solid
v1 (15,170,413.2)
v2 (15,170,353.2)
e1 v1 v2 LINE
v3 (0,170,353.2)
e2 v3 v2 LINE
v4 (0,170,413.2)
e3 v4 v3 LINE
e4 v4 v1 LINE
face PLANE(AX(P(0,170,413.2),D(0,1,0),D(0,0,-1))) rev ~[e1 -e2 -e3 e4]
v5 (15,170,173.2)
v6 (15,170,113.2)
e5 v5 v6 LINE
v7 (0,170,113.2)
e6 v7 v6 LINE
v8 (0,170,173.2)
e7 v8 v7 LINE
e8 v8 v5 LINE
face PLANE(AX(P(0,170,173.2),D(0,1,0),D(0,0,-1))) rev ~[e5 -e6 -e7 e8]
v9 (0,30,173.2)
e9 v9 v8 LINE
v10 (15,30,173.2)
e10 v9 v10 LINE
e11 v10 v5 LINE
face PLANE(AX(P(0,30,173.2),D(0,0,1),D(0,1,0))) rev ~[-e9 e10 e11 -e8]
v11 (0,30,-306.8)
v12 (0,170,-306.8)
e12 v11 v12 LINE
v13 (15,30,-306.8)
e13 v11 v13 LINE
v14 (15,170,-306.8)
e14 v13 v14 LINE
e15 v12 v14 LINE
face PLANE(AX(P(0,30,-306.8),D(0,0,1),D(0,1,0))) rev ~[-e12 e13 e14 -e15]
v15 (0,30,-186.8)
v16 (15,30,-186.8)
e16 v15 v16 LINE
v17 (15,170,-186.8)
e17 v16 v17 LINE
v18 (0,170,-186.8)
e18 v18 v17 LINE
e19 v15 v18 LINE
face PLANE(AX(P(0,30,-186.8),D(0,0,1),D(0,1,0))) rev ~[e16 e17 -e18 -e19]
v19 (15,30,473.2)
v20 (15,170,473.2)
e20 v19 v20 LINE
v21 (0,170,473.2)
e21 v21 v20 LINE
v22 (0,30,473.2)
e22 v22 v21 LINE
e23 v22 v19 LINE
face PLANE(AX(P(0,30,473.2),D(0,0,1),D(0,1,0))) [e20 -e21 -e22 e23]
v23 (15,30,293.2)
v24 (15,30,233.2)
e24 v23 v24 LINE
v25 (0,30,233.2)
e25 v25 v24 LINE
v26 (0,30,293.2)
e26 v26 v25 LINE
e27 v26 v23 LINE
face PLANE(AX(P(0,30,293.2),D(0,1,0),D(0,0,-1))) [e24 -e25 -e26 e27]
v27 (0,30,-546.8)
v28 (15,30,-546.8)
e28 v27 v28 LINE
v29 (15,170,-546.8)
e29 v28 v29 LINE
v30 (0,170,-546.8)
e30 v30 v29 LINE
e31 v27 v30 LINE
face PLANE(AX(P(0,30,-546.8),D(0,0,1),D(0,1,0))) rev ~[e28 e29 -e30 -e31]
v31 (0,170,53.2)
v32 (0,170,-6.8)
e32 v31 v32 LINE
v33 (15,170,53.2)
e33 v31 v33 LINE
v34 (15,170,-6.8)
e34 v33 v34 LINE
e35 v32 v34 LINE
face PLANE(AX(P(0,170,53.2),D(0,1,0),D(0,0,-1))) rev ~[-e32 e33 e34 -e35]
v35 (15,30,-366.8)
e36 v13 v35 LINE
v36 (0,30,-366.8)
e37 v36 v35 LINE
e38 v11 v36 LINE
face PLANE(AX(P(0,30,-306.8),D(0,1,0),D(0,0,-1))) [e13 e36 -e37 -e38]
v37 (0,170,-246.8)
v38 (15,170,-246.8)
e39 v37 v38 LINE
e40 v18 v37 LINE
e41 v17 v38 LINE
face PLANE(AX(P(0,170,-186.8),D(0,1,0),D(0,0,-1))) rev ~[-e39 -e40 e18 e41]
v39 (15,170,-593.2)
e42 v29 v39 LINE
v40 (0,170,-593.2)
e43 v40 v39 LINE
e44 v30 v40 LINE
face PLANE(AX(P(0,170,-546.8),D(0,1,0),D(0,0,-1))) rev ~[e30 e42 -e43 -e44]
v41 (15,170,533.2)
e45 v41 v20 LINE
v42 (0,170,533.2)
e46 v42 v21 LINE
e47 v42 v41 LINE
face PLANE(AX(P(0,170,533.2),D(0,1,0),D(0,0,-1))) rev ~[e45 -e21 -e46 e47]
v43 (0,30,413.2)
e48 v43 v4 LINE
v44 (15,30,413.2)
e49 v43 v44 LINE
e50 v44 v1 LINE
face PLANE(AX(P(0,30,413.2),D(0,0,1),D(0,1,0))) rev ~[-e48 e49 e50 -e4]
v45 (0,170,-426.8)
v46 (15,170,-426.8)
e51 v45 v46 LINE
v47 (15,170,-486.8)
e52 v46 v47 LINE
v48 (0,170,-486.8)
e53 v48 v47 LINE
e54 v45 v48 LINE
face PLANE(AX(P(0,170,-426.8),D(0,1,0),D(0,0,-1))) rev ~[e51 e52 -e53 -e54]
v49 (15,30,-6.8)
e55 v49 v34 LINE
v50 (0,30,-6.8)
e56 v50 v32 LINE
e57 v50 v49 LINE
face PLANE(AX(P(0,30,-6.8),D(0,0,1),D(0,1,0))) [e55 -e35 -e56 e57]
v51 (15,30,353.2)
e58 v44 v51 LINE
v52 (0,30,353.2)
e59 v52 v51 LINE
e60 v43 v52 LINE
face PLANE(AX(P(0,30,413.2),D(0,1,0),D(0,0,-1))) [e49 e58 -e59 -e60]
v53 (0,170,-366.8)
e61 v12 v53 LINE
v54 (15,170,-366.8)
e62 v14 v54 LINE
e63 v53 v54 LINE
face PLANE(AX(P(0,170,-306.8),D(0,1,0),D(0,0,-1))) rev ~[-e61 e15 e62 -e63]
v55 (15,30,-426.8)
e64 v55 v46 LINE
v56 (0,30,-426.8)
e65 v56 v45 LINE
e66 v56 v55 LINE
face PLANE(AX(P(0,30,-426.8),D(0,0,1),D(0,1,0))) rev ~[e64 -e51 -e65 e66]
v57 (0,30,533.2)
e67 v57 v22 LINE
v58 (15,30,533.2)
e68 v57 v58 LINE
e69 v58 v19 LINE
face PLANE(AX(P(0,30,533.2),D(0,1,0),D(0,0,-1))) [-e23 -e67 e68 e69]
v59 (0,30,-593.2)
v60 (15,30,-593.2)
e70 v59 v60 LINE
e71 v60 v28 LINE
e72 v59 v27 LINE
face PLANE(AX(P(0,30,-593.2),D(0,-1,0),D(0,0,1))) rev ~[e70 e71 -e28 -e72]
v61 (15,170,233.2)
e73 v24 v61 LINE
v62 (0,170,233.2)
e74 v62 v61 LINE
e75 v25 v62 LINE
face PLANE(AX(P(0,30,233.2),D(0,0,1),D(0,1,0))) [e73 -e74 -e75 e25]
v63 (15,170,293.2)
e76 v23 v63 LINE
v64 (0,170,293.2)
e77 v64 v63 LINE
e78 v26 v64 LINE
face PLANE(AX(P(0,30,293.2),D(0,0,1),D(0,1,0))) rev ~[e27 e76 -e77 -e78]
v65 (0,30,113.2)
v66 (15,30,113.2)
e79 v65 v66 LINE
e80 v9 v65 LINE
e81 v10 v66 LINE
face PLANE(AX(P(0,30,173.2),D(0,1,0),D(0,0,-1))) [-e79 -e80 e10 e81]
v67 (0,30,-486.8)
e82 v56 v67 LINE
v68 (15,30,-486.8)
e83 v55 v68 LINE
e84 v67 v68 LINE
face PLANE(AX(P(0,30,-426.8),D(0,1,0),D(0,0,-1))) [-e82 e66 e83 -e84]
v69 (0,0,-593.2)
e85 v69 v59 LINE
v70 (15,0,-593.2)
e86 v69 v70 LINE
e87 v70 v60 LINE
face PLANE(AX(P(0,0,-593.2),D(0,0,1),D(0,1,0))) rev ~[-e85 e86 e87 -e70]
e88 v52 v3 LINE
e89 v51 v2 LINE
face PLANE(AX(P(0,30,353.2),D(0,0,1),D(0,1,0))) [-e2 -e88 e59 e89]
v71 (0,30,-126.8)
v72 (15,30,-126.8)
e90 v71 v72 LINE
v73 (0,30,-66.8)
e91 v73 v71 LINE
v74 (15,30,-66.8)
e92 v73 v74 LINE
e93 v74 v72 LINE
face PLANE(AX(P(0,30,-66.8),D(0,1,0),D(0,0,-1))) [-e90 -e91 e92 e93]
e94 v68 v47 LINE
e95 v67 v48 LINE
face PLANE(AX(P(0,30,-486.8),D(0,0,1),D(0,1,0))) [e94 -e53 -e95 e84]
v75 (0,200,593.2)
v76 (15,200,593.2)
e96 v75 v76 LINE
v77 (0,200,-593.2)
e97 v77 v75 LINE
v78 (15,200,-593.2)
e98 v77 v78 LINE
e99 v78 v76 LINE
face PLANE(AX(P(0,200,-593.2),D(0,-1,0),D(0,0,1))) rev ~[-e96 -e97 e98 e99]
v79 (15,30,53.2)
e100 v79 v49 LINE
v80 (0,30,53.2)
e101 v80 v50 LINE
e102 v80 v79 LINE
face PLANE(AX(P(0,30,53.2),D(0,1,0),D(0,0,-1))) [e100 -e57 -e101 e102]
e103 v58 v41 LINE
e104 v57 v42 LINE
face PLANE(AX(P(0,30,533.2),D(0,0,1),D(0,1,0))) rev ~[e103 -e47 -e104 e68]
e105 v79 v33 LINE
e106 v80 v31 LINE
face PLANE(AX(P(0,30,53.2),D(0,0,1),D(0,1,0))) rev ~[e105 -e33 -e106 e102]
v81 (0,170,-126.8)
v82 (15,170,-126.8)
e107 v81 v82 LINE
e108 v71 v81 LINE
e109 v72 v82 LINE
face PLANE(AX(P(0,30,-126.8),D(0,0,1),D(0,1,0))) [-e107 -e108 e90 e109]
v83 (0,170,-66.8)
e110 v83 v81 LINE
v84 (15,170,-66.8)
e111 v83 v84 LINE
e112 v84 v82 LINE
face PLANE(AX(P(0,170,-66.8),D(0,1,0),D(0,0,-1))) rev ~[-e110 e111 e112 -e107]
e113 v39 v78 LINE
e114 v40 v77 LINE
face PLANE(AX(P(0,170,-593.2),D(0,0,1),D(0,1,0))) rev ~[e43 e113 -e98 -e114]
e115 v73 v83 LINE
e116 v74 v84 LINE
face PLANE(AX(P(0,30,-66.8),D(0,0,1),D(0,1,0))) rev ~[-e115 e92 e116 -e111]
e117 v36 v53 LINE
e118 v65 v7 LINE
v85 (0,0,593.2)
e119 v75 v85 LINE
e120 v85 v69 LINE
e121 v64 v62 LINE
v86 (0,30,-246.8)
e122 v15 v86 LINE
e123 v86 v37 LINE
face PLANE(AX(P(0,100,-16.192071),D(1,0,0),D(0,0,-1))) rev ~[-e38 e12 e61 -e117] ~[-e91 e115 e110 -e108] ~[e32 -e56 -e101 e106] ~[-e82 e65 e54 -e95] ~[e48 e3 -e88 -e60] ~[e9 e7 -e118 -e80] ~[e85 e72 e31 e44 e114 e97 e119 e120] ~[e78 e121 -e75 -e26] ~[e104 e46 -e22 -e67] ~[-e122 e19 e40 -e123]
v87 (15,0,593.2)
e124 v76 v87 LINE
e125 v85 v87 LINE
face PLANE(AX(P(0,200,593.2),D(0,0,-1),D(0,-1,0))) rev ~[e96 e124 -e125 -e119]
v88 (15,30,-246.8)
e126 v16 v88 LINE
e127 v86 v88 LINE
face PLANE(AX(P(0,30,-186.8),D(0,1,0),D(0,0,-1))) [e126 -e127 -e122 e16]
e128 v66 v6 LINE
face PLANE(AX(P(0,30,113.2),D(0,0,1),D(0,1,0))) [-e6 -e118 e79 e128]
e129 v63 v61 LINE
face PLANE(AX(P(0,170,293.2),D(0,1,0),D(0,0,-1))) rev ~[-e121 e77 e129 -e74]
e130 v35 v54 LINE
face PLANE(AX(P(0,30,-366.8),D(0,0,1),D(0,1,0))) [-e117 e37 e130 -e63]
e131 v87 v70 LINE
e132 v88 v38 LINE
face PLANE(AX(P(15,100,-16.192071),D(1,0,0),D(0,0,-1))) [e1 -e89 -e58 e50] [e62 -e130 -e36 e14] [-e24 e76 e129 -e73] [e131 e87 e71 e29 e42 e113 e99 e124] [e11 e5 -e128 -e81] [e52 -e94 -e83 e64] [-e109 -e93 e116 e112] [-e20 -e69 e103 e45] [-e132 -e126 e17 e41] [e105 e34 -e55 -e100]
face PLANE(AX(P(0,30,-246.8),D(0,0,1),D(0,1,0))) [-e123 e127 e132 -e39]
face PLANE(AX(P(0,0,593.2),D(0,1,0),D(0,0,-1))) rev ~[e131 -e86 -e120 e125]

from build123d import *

# Parameters (mm, degrees)
SKETCH1_W           = 60
SKETCH1_H           = 140
BOSS_EXTRUDE1_DEPTH = 15


with BuildPart() as part:
    # Sketch1 → Boss-Extrude1 (new body)
    with BuildSketch(Plane(origin=(0, 0, 0), x_dir=(0, 0, -1), z_dir=(1, 0, 0))):
        Polygon((-593.2, 0), (593.2, 0), (593.2, 30), (546.8, 30), (546.8, 170), (593.2, 170), (593.2, 200), (-593.2, 200), align=None)
        with Locations((-503.2, 100)):
            Rectangle(SKETCH1_W, SKETCH1_H, mode=Mode.SUBTRACT)
        with Locations((-383.2, 100)):
            Rectangle(SKETCH1_W, SKETCH1_H, mode=Mode.SUBTRACT)
        with Locations((-263.2, 100)):
            Rectangle(SKETCH1_W, SKETCH1_H, mode=Mode.SUBTRACT)
        with Locations((-143.2, 100)):
            Rectangle(SKETCH1_W, SKETCH1_H, mode=Mode.SUBTRACT)
        with Locations((-23.2, 100)):
            Rectangle(SKETCH1_W, SKETCH1_H, mode=Mode.SUBTRACT)
        with Locations((96.8, 100)):
            Rectangle(SKETCH1_W, SKETCH1_H, mode=Mode.SUBTRACT)
        with Locations((216.8, 100)):
            Rectangle(SKETCH1_W, SKETCH1_H, mode=Mode.SUBTRACT)
        with Locations((336.8, 100)):
            Rectangle(SKETCH1_W, SKETCH1_H, mode=Mode.SUBTRACT)
        with Locations((456.8, 100)):
            Rectangle(SKETCH1_W, SKETCH1_H, mode=Mode.SUBTRACT)
    extrude(amount=BOSS_EXTRUDE1_DEPTH)


solid = part.part
